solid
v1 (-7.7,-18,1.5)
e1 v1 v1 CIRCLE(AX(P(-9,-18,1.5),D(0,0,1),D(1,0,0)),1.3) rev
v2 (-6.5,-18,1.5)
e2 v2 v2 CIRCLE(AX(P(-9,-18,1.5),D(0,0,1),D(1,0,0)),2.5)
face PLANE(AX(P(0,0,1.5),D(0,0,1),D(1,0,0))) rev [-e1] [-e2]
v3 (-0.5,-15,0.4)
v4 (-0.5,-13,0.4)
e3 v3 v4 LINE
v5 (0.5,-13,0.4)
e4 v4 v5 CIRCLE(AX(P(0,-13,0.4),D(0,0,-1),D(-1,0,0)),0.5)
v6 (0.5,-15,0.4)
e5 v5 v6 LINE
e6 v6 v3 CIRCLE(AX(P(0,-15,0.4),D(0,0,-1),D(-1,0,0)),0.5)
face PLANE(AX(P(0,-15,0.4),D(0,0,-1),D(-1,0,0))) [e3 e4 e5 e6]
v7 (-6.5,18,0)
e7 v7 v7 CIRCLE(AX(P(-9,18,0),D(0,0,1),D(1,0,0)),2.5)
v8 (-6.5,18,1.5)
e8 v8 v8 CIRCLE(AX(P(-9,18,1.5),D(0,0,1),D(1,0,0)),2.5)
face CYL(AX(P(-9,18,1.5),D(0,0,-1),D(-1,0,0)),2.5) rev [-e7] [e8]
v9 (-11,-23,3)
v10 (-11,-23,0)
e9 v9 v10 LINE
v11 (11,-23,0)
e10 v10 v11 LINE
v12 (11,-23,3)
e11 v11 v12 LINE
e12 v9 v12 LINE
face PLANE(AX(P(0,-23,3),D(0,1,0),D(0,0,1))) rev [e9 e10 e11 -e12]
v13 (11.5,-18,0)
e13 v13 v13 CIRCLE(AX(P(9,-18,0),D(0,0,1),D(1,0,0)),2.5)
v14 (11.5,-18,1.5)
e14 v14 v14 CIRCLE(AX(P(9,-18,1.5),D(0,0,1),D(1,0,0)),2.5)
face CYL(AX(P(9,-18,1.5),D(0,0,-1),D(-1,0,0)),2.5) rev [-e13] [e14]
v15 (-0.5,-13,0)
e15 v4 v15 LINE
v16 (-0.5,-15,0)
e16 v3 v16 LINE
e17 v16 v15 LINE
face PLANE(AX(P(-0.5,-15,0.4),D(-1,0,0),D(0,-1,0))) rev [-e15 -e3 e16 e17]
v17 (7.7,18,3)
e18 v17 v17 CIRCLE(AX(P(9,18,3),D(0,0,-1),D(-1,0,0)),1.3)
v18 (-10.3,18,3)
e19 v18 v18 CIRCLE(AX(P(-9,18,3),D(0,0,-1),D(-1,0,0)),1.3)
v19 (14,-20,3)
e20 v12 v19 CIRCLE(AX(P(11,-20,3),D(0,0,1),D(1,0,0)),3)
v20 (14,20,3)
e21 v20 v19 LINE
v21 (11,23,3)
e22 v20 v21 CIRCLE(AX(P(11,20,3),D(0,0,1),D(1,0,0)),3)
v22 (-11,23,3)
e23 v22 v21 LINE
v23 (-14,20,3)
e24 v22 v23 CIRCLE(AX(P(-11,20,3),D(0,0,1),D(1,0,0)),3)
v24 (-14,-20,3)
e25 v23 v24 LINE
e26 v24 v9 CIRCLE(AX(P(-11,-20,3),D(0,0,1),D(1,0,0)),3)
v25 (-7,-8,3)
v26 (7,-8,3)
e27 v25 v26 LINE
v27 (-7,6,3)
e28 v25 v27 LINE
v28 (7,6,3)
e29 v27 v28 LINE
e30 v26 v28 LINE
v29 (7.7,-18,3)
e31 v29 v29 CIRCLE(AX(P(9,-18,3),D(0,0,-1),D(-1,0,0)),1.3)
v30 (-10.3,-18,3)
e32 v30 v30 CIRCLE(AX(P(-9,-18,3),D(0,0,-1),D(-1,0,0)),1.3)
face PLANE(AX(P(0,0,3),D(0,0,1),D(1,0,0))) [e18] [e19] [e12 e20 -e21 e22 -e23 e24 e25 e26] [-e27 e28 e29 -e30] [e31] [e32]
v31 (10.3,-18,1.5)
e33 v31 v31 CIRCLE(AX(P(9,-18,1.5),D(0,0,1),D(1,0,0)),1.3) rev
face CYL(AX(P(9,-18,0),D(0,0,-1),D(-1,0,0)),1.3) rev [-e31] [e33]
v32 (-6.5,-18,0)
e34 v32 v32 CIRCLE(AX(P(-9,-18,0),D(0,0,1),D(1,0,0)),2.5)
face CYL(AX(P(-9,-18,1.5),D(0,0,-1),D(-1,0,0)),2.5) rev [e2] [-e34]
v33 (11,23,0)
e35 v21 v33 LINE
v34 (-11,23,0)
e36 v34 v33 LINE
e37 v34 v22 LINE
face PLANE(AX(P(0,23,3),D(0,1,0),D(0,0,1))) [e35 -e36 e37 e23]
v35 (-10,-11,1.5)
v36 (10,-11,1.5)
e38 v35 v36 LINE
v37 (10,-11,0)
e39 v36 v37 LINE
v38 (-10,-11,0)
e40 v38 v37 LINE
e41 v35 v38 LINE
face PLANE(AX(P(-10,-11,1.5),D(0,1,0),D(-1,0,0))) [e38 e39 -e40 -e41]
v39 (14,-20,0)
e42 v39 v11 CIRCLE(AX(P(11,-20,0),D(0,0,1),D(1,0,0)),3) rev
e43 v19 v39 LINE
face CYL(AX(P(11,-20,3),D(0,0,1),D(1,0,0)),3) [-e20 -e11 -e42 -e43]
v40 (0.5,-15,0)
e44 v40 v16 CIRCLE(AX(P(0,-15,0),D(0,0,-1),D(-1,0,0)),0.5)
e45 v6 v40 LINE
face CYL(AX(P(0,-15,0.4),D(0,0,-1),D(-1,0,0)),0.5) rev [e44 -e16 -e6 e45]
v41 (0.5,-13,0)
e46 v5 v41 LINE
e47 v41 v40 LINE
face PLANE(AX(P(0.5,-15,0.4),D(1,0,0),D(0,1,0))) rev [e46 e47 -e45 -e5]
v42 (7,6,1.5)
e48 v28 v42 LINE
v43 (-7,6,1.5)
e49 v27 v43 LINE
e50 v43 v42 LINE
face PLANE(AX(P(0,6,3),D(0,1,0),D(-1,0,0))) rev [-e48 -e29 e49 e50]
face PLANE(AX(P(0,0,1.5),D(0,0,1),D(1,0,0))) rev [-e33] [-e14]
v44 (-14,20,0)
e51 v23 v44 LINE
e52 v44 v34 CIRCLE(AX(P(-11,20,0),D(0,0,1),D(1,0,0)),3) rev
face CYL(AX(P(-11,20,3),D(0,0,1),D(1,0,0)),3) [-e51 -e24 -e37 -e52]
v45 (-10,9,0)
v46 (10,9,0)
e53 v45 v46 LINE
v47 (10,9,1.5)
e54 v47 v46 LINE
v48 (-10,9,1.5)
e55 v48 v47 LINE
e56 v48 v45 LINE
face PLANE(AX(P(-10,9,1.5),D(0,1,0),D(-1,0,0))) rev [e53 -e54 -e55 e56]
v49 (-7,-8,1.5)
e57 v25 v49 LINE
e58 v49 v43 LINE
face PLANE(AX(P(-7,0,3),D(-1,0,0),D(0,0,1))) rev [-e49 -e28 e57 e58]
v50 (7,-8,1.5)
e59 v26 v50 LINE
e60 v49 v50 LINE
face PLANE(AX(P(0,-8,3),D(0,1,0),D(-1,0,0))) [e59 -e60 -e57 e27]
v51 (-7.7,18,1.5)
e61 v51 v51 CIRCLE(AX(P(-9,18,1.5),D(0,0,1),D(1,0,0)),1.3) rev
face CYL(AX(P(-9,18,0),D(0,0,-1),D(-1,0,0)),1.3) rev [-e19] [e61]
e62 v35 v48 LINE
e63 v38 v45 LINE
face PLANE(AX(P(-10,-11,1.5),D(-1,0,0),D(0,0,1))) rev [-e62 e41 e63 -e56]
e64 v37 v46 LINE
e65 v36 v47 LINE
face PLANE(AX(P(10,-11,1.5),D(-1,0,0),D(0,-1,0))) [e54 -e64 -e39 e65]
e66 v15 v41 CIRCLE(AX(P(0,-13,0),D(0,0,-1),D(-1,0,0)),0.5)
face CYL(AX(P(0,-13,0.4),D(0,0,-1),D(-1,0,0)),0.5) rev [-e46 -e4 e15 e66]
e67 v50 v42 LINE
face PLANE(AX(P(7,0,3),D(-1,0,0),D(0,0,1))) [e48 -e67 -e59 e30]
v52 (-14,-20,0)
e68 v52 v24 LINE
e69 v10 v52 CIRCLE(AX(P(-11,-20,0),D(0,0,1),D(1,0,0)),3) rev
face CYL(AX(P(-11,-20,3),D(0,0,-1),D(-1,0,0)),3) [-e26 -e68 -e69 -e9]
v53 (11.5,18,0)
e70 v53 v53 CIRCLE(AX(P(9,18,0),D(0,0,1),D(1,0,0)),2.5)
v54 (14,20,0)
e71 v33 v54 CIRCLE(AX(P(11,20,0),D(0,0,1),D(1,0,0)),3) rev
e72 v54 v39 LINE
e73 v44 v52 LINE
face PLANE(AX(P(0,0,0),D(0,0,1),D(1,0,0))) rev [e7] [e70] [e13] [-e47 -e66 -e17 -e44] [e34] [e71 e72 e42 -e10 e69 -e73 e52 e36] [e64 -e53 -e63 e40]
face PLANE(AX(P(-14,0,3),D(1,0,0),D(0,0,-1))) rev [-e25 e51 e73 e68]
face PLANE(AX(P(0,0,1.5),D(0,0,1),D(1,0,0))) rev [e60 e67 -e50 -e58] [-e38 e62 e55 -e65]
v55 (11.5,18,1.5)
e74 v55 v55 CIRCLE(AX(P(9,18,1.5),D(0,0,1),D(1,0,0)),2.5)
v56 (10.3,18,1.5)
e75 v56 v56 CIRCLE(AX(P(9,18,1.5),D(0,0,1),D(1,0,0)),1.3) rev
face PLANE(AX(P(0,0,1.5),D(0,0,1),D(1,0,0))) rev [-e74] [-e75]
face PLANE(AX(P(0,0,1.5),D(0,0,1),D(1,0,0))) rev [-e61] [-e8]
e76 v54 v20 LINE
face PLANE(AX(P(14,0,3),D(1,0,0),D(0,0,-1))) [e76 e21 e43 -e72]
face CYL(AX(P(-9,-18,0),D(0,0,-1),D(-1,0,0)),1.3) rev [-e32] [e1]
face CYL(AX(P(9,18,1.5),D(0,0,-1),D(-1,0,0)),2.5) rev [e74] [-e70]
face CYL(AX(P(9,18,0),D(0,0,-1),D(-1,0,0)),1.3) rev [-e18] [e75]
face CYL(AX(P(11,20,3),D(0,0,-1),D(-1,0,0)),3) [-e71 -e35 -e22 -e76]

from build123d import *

# Parameters (mm, degrees)
SKETCH2_W                  = 46
SKETCH2_H                  = 28
SKETCH2_W_2                = 14
SKETCH2_H_2                = 14
BOSS_EXTRUDE1_DEPTH        = 3
F_2_6_2_6_DIAMETER_HOLE1_D = 2.6
SKETCH2_6_W                = 20
SKETCH2_6_H                = 20
SKETCH2_6_R                = 2.5
CUT_EXTRUDE2_DEPTH         = 1.5
FILLET1_R                  = 3
CUT_EXTRUDE3_DEPTH         = 0.4


with BuildPart() as part:
    # Sketch2 → Boss-Extrude1 (new body)
    with BuildSketch(Plane(origin=(0, 0, 0), x_dir=(0, 1, 0), z_dir=(0, 0, 1))):
        Rectangle(SKETCH2_W, SKETCH2_H)
        with Locations((-1, 0)):
            Rectangle(SKETCH2_W_2, SKETCH2_H_2, mode=Mode.SUBTRACT)
    extrude(amount=BOSS_EXTRUDE1_DEPTH)

    # Ø2.6 (2.6) Diameter Hole1 (through all)
    with Locations(Plane(origin=(0, 0, 0), x_dir=(-1, 0, 0), z_dir=(0, 0, -1))):
        with Locations((-9, -18), (9, -18), (-9, 18), (9, 18)):
            Hole(F_2_6_2_6_DIAMETER_HOLE1_D / 2)

    # Sketch2<6> → Cut-Extrude2 (cut)
    with BuildSketch(Plane(origin=(0, 0, 0), x_dir=(0, 1, 0), z_dir=(0, 0, 1))):
        with Locations((-1, 0)):
            Rectangle(SKETCH2_6_W, SKETCH2_6_H)
        with Locations((-18, 9)):
            Circle(SKETCH2_6_R)
        with Locations((18, 9)):
            Circle(SKETCH2_6_R)
        with Locations((18, -9)):
            Circle(SKETCH2_6_R)
        with Locations((-18, -9)):
            Circle(SKETCH2_6_R)
    extrude(amount=CUT_EXTRUDE2_DEPTH, mode=Mode.SUBTRACT)

    # Fillet1
    fillet1_edges = [part.edges().sort_by_distance(p)[0] for p in [
        (14, 23, 1.5),
        (14, -23, 1.5),
        (-14, -23, 1.5),
        (-14, 23, 1.5),
    ]]
    fillet(fillet1_edges, radius=FILLET1_R)

    # Sketch6 → Cut-Extrude3 (cut)
    with BuildSketch(Plane(origin=(0, 0, 0), x_dir=(1, 0, 0), z_dir=(0, 0, -1))):
        with BuildLine():
            Line((0.5, 15), (0.5, 13))
            ThreePointArc((0.5, 13), (0, 12.5), (-0.5, 13))
            Line((-0.5, 13), (-0.5, 15))
            ThreePointArc((-0.5, 15), (0, 15.5), (0.5, 15))
        make_face()
    extrude(amount=-CUT_EXTRUDE3_DEPTH, mode=Mode.SUBTRACT)


solid = part.part
